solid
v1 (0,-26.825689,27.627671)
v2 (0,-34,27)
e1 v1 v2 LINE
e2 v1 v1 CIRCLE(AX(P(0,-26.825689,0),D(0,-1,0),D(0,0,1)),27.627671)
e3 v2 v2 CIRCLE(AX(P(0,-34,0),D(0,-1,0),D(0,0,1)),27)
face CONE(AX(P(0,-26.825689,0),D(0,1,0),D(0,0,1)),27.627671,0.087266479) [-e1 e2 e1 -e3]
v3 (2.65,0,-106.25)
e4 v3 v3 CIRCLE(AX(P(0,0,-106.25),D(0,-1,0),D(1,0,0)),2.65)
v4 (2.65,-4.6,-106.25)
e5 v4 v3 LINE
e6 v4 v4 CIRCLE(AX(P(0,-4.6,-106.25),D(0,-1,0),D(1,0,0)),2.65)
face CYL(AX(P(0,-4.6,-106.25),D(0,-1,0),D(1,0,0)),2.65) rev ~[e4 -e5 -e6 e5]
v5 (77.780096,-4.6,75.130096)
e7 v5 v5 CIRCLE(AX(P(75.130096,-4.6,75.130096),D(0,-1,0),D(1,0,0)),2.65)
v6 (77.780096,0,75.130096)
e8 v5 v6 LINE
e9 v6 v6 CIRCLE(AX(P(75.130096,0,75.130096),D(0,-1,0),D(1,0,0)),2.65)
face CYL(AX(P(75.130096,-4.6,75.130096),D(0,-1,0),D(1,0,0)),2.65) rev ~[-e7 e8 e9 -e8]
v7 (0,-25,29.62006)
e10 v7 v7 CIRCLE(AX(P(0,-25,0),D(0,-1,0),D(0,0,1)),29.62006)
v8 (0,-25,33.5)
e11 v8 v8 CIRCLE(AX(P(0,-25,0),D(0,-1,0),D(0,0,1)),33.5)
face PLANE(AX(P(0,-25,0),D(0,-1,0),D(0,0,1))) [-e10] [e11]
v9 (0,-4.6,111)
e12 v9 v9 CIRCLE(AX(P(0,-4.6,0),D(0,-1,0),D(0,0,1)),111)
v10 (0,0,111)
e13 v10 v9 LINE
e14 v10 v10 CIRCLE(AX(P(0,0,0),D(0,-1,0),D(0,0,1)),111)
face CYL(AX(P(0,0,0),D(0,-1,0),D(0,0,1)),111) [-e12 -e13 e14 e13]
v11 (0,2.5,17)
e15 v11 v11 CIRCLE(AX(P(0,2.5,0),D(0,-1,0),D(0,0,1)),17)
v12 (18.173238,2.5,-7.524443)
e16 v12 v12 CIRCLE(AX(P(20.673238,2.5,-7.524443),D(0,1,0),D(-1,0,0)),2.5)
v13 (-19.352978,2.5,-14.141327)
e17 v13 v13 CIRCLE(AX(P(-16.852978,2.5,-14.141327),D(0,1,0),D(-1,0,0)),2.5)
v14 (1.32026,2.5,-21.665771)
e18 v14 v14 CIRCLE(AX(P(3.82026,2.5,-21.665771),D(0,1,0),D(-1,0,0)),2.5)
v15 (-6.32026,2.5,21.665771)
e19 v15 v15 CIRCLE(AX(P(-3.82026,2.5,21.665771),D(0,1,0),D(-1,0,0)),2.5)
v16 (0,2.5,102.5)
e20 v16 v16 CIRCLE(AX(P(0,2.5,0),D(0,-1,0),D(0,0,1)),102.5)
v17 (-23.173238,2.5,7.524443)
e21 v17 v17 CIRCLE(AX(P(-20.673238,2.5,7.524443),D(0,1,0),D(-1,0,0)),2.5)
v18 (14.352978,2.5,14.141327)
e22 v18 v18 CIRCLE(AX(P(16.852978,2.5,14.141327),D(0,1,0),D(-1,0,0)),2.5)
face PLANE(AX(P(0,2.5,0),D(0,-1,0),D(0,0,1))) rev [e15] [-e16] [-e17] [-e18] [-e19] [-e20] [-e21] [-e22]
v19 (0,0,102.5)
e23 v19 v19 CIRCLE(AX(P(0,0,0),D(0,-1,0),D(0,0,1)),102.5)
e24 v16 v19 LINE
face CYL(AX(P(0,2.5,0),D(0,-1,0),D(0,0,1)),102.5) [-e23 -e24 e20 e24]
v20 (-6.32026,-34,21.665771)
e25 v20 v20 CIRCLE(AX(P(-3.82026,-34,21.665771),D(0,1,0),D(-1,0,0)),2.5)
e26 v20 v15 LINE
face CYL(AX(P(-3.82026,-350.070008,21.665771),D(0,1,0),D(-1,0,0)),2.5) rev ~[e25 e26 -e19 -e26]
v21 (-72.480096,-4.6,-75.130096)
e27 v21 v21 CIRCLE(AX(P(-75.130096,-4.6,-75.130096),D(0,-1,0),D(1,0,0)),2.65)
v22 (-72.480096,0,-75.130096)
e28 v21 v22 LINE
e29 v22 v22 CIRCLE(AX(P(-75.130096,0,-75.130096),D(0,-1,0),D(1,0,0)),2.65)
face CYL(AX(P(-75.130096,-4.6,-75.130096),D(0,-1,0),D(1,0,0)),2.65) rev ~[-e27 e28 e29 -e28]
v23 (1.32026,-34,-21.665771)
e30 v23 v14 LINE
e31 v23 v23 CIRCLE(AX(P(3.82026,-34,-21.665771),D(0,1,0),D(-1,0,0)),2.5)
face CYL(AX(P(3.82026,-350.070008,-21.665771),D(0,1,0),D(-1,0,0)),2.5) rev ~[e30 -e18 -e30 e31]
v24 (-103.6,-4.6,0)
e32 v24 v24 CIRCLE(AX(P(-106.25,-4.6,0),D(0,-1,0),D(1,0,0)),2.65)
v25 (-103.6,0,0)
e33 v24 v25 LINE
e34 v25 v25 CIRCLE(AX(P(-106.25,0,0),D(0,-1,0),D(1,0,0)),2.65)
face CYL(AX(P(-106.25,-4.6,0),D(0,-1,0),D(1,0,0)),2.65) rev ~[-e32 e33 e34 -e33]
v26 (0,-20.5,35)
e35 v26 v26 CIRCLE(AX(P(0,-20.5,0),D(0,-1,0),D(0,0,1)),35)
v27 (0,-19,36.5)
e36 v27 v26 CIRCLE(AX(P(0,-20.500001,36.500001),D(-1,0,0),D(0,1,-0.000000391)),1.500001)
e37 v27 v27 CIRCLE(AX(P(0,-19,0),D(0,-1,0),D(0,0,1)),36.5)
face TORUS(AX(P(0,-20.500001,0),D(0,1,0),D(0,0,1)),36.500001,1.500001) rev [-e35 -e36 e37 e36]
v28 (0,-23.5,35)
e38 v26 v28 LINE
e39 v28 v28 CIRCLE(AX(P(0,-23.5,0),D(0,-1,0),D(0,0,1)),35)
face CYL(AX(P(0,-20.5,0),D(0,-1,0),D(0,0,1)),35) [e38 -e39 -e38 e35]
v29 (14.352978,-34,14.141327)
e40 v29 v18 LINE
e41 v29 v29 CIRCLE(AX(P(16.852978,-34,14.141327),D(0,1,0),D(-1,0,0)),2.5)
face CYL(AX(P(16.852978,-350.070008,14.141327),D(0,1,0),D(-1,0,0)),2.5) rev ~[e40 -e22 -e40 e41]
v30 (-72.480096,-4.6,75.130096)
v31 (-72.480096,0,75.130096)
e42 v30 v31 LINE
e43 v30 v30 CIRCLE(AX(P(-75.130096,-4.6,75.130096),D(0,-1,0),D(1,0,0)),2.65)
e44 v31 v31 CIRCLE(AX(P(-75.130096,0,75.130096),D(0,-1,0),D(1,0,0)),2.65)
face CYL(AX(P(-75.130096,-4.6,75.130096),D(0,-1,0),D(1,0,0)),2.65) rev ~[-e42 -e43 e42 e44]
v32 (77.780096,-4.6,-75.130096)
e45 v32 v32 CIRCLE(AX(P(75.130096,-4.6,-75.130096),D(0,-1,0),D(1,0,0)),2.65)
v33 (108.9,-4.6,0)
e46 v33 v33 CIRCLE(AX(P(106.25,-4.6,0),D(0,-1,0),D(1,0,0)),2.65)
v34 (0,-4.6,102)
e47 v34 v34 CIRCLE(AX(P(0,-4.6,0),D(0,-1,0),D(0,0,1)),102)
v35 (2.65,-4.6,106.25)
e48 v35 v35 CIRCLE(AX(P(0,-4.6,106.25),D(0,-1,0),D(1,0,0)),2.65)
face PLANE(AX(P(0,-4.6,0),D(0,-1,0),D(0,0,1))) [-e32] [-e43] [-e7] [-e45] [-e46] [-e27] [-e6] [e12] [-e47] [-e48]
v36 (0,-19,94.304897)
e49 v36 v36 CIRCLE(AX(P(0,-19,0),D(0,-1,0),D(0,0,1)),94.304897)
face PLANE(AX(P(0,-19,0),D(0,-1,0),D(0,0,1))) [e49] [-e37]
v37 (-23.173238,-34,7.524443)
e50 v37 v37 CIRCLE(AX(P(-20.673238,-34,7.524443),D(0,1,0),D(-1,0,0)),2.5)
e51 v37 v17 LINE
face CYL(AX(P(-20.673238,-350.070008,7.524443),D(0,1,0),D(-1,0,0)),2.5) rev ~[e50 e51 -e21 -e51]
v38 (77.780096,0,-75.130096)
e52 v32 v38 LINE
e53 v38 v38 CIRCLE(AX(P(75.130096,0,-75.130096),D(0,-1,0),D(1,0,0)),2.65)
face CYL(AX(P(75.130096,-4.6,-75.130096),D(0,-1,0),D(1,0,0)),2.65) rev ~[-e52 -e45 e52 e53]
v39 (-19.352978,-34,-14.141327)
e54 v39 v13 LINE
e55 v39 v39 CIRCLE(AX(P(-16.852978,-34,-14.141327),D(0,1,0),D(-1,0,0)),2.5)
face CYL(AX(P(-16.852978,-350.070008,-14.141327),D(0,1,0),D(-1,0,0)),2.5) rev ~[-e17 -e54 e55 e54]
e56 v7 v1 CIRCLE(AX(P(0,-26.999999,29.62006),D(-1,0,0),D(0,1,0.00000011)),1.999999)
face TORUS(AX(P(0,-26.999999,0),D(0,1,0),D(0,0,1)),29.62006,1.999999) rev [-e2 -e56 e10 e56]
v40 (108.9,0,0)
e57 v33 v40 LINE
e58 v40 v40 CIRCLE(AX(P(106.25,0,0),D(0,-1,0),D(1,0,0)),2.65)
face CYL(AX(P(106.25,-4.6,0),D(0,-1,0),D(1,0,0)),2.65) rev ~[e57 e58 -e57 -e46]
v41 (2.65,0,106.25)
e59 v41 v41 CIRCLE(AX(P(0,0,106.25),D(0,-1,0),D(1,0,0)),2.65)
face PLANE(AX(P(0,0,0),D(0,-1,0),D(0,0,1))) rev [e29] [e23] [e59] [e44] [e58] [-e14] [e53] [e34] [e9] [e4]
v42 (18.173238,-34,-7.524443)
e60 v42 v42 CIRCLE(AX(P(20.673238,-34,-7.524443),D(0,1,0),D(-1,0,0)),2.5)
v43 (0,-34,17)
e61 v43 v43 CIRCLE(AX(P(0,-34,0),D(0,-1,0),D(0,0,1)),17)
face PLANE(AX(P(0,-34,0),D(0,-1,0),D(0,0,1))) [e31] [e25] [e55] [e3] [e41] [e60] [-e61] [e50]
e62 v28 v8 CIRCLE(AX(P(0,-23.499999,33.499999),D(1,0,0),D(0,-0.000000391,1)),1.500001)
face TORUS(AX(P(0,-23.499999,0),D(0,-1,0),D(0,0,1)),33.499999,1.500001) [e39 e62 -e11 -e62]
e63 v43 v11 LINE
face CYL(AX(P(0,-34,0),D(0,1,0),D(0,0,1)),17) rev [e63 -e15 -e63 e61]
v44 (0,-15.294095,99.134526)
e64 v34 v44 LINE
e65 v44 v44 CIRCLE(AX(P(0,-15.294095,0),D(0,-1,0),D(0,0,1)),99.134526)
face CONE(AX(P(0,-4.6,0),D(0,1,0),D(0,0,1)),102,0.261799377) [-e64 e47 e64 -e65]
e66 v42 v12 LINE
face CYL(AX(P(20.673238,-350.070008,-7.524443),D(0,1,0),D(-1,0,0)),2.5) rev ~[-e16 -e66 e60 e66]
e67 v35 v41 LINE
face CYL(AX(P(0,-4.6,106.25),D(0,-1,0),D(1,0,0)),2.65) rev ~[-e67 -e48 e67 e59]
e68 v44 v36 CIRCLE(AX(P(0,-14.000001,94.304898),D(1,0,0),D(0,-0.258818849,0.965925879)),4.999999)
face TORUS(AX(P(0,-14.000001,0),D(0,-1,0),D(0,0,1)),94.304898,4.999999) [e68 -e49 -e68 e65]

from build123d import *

# Parameters (mm, degrees)
F2_R     = 2.65
F3_DEPTH = 7.101
F5_D     = 5


with BuildPart() as f1:
    # F0 (on Right) → F1 (revolve)
    with BuildSketch(Plane.YZ):
        with BuildLine():
            Line((2.5, 17), (2.5, 102.5))
            Line((2.5, 102.5), (0, 102.5))
            Line((0, 102.5), (0, 111))
            Line((0, 111), (-4.6, 111))
            Line((-4.6, 111), (-4.6, 102))
            Line((-4.6, 102), (-15.294095, 99.134526))
            ThreePointArc((-15.294095, 99.134526), (-17.966767, 97.348704), (-19, 94.304897))
            Line((-19, 94.304897), (-19, 36.5))
            ThreePointArc((-19, 36.5), (-19.43934, 35.43934), (-20.5, 35))
            Line((-20.5, 35), (-23.5, 35))
            ThreePointArc((-23.5, 35), (-24.56066, 34.56066), (-25, 33.5))
            Line((-25, 33.5), (-25, 29.62006))
            ThreePointArc((-25, 29.62006), (-25.525445, 28.26888), (-26.825689, 27.627671))
            Line((-26.825689, 27.627671), (-34, 27))
            Line((-34, 27), (-34, 17))
            Line((-34, 17), (2.5, 17))
        make_face()
    revolve(axis=Axis((0, -26.156189, 0), (0, -1, 0)))

    # F2 (on face) → F3 (cut, through all)
    with BuildSketch(Plane.XZ.offset(4.6)):
        with Locations((-106.25, 0)):
            Circle(F2_R)
        with Locations((-75.130096, -75.130096)):
            Circle(F2_R)
        with Locations((0, -106.25)):
            Circle(F2_R)
        with Locations((75.130096, -75.130096)):
            Circle(F2_R)
        with Locations((106.25, 0)):
            Circle(F2_R)
        with Locations((75.130096, 75.130096)):
            Circle(F2_R)
        with Locations((0, 106.25)):
            Circle(F2_R)
        with Locations((-75.130096, 75.130096)):
            Circle(F2_R)
    extrude(amount=-F3_DEPTH, mode=Mode.SUBTRACT)

    # F5 (through all)
    with Locations(Plane.XZ.offset(34)):
        with Locations((-3.82026, 21.665771), (16.852978, 14.141327), (20.673238, -7.524443), (3.82026, -21.665771), (-16.852978, -14.141327), (-20.673238, 7.524443)):
            Hole(F5_D / 2)


solid = f1.part
